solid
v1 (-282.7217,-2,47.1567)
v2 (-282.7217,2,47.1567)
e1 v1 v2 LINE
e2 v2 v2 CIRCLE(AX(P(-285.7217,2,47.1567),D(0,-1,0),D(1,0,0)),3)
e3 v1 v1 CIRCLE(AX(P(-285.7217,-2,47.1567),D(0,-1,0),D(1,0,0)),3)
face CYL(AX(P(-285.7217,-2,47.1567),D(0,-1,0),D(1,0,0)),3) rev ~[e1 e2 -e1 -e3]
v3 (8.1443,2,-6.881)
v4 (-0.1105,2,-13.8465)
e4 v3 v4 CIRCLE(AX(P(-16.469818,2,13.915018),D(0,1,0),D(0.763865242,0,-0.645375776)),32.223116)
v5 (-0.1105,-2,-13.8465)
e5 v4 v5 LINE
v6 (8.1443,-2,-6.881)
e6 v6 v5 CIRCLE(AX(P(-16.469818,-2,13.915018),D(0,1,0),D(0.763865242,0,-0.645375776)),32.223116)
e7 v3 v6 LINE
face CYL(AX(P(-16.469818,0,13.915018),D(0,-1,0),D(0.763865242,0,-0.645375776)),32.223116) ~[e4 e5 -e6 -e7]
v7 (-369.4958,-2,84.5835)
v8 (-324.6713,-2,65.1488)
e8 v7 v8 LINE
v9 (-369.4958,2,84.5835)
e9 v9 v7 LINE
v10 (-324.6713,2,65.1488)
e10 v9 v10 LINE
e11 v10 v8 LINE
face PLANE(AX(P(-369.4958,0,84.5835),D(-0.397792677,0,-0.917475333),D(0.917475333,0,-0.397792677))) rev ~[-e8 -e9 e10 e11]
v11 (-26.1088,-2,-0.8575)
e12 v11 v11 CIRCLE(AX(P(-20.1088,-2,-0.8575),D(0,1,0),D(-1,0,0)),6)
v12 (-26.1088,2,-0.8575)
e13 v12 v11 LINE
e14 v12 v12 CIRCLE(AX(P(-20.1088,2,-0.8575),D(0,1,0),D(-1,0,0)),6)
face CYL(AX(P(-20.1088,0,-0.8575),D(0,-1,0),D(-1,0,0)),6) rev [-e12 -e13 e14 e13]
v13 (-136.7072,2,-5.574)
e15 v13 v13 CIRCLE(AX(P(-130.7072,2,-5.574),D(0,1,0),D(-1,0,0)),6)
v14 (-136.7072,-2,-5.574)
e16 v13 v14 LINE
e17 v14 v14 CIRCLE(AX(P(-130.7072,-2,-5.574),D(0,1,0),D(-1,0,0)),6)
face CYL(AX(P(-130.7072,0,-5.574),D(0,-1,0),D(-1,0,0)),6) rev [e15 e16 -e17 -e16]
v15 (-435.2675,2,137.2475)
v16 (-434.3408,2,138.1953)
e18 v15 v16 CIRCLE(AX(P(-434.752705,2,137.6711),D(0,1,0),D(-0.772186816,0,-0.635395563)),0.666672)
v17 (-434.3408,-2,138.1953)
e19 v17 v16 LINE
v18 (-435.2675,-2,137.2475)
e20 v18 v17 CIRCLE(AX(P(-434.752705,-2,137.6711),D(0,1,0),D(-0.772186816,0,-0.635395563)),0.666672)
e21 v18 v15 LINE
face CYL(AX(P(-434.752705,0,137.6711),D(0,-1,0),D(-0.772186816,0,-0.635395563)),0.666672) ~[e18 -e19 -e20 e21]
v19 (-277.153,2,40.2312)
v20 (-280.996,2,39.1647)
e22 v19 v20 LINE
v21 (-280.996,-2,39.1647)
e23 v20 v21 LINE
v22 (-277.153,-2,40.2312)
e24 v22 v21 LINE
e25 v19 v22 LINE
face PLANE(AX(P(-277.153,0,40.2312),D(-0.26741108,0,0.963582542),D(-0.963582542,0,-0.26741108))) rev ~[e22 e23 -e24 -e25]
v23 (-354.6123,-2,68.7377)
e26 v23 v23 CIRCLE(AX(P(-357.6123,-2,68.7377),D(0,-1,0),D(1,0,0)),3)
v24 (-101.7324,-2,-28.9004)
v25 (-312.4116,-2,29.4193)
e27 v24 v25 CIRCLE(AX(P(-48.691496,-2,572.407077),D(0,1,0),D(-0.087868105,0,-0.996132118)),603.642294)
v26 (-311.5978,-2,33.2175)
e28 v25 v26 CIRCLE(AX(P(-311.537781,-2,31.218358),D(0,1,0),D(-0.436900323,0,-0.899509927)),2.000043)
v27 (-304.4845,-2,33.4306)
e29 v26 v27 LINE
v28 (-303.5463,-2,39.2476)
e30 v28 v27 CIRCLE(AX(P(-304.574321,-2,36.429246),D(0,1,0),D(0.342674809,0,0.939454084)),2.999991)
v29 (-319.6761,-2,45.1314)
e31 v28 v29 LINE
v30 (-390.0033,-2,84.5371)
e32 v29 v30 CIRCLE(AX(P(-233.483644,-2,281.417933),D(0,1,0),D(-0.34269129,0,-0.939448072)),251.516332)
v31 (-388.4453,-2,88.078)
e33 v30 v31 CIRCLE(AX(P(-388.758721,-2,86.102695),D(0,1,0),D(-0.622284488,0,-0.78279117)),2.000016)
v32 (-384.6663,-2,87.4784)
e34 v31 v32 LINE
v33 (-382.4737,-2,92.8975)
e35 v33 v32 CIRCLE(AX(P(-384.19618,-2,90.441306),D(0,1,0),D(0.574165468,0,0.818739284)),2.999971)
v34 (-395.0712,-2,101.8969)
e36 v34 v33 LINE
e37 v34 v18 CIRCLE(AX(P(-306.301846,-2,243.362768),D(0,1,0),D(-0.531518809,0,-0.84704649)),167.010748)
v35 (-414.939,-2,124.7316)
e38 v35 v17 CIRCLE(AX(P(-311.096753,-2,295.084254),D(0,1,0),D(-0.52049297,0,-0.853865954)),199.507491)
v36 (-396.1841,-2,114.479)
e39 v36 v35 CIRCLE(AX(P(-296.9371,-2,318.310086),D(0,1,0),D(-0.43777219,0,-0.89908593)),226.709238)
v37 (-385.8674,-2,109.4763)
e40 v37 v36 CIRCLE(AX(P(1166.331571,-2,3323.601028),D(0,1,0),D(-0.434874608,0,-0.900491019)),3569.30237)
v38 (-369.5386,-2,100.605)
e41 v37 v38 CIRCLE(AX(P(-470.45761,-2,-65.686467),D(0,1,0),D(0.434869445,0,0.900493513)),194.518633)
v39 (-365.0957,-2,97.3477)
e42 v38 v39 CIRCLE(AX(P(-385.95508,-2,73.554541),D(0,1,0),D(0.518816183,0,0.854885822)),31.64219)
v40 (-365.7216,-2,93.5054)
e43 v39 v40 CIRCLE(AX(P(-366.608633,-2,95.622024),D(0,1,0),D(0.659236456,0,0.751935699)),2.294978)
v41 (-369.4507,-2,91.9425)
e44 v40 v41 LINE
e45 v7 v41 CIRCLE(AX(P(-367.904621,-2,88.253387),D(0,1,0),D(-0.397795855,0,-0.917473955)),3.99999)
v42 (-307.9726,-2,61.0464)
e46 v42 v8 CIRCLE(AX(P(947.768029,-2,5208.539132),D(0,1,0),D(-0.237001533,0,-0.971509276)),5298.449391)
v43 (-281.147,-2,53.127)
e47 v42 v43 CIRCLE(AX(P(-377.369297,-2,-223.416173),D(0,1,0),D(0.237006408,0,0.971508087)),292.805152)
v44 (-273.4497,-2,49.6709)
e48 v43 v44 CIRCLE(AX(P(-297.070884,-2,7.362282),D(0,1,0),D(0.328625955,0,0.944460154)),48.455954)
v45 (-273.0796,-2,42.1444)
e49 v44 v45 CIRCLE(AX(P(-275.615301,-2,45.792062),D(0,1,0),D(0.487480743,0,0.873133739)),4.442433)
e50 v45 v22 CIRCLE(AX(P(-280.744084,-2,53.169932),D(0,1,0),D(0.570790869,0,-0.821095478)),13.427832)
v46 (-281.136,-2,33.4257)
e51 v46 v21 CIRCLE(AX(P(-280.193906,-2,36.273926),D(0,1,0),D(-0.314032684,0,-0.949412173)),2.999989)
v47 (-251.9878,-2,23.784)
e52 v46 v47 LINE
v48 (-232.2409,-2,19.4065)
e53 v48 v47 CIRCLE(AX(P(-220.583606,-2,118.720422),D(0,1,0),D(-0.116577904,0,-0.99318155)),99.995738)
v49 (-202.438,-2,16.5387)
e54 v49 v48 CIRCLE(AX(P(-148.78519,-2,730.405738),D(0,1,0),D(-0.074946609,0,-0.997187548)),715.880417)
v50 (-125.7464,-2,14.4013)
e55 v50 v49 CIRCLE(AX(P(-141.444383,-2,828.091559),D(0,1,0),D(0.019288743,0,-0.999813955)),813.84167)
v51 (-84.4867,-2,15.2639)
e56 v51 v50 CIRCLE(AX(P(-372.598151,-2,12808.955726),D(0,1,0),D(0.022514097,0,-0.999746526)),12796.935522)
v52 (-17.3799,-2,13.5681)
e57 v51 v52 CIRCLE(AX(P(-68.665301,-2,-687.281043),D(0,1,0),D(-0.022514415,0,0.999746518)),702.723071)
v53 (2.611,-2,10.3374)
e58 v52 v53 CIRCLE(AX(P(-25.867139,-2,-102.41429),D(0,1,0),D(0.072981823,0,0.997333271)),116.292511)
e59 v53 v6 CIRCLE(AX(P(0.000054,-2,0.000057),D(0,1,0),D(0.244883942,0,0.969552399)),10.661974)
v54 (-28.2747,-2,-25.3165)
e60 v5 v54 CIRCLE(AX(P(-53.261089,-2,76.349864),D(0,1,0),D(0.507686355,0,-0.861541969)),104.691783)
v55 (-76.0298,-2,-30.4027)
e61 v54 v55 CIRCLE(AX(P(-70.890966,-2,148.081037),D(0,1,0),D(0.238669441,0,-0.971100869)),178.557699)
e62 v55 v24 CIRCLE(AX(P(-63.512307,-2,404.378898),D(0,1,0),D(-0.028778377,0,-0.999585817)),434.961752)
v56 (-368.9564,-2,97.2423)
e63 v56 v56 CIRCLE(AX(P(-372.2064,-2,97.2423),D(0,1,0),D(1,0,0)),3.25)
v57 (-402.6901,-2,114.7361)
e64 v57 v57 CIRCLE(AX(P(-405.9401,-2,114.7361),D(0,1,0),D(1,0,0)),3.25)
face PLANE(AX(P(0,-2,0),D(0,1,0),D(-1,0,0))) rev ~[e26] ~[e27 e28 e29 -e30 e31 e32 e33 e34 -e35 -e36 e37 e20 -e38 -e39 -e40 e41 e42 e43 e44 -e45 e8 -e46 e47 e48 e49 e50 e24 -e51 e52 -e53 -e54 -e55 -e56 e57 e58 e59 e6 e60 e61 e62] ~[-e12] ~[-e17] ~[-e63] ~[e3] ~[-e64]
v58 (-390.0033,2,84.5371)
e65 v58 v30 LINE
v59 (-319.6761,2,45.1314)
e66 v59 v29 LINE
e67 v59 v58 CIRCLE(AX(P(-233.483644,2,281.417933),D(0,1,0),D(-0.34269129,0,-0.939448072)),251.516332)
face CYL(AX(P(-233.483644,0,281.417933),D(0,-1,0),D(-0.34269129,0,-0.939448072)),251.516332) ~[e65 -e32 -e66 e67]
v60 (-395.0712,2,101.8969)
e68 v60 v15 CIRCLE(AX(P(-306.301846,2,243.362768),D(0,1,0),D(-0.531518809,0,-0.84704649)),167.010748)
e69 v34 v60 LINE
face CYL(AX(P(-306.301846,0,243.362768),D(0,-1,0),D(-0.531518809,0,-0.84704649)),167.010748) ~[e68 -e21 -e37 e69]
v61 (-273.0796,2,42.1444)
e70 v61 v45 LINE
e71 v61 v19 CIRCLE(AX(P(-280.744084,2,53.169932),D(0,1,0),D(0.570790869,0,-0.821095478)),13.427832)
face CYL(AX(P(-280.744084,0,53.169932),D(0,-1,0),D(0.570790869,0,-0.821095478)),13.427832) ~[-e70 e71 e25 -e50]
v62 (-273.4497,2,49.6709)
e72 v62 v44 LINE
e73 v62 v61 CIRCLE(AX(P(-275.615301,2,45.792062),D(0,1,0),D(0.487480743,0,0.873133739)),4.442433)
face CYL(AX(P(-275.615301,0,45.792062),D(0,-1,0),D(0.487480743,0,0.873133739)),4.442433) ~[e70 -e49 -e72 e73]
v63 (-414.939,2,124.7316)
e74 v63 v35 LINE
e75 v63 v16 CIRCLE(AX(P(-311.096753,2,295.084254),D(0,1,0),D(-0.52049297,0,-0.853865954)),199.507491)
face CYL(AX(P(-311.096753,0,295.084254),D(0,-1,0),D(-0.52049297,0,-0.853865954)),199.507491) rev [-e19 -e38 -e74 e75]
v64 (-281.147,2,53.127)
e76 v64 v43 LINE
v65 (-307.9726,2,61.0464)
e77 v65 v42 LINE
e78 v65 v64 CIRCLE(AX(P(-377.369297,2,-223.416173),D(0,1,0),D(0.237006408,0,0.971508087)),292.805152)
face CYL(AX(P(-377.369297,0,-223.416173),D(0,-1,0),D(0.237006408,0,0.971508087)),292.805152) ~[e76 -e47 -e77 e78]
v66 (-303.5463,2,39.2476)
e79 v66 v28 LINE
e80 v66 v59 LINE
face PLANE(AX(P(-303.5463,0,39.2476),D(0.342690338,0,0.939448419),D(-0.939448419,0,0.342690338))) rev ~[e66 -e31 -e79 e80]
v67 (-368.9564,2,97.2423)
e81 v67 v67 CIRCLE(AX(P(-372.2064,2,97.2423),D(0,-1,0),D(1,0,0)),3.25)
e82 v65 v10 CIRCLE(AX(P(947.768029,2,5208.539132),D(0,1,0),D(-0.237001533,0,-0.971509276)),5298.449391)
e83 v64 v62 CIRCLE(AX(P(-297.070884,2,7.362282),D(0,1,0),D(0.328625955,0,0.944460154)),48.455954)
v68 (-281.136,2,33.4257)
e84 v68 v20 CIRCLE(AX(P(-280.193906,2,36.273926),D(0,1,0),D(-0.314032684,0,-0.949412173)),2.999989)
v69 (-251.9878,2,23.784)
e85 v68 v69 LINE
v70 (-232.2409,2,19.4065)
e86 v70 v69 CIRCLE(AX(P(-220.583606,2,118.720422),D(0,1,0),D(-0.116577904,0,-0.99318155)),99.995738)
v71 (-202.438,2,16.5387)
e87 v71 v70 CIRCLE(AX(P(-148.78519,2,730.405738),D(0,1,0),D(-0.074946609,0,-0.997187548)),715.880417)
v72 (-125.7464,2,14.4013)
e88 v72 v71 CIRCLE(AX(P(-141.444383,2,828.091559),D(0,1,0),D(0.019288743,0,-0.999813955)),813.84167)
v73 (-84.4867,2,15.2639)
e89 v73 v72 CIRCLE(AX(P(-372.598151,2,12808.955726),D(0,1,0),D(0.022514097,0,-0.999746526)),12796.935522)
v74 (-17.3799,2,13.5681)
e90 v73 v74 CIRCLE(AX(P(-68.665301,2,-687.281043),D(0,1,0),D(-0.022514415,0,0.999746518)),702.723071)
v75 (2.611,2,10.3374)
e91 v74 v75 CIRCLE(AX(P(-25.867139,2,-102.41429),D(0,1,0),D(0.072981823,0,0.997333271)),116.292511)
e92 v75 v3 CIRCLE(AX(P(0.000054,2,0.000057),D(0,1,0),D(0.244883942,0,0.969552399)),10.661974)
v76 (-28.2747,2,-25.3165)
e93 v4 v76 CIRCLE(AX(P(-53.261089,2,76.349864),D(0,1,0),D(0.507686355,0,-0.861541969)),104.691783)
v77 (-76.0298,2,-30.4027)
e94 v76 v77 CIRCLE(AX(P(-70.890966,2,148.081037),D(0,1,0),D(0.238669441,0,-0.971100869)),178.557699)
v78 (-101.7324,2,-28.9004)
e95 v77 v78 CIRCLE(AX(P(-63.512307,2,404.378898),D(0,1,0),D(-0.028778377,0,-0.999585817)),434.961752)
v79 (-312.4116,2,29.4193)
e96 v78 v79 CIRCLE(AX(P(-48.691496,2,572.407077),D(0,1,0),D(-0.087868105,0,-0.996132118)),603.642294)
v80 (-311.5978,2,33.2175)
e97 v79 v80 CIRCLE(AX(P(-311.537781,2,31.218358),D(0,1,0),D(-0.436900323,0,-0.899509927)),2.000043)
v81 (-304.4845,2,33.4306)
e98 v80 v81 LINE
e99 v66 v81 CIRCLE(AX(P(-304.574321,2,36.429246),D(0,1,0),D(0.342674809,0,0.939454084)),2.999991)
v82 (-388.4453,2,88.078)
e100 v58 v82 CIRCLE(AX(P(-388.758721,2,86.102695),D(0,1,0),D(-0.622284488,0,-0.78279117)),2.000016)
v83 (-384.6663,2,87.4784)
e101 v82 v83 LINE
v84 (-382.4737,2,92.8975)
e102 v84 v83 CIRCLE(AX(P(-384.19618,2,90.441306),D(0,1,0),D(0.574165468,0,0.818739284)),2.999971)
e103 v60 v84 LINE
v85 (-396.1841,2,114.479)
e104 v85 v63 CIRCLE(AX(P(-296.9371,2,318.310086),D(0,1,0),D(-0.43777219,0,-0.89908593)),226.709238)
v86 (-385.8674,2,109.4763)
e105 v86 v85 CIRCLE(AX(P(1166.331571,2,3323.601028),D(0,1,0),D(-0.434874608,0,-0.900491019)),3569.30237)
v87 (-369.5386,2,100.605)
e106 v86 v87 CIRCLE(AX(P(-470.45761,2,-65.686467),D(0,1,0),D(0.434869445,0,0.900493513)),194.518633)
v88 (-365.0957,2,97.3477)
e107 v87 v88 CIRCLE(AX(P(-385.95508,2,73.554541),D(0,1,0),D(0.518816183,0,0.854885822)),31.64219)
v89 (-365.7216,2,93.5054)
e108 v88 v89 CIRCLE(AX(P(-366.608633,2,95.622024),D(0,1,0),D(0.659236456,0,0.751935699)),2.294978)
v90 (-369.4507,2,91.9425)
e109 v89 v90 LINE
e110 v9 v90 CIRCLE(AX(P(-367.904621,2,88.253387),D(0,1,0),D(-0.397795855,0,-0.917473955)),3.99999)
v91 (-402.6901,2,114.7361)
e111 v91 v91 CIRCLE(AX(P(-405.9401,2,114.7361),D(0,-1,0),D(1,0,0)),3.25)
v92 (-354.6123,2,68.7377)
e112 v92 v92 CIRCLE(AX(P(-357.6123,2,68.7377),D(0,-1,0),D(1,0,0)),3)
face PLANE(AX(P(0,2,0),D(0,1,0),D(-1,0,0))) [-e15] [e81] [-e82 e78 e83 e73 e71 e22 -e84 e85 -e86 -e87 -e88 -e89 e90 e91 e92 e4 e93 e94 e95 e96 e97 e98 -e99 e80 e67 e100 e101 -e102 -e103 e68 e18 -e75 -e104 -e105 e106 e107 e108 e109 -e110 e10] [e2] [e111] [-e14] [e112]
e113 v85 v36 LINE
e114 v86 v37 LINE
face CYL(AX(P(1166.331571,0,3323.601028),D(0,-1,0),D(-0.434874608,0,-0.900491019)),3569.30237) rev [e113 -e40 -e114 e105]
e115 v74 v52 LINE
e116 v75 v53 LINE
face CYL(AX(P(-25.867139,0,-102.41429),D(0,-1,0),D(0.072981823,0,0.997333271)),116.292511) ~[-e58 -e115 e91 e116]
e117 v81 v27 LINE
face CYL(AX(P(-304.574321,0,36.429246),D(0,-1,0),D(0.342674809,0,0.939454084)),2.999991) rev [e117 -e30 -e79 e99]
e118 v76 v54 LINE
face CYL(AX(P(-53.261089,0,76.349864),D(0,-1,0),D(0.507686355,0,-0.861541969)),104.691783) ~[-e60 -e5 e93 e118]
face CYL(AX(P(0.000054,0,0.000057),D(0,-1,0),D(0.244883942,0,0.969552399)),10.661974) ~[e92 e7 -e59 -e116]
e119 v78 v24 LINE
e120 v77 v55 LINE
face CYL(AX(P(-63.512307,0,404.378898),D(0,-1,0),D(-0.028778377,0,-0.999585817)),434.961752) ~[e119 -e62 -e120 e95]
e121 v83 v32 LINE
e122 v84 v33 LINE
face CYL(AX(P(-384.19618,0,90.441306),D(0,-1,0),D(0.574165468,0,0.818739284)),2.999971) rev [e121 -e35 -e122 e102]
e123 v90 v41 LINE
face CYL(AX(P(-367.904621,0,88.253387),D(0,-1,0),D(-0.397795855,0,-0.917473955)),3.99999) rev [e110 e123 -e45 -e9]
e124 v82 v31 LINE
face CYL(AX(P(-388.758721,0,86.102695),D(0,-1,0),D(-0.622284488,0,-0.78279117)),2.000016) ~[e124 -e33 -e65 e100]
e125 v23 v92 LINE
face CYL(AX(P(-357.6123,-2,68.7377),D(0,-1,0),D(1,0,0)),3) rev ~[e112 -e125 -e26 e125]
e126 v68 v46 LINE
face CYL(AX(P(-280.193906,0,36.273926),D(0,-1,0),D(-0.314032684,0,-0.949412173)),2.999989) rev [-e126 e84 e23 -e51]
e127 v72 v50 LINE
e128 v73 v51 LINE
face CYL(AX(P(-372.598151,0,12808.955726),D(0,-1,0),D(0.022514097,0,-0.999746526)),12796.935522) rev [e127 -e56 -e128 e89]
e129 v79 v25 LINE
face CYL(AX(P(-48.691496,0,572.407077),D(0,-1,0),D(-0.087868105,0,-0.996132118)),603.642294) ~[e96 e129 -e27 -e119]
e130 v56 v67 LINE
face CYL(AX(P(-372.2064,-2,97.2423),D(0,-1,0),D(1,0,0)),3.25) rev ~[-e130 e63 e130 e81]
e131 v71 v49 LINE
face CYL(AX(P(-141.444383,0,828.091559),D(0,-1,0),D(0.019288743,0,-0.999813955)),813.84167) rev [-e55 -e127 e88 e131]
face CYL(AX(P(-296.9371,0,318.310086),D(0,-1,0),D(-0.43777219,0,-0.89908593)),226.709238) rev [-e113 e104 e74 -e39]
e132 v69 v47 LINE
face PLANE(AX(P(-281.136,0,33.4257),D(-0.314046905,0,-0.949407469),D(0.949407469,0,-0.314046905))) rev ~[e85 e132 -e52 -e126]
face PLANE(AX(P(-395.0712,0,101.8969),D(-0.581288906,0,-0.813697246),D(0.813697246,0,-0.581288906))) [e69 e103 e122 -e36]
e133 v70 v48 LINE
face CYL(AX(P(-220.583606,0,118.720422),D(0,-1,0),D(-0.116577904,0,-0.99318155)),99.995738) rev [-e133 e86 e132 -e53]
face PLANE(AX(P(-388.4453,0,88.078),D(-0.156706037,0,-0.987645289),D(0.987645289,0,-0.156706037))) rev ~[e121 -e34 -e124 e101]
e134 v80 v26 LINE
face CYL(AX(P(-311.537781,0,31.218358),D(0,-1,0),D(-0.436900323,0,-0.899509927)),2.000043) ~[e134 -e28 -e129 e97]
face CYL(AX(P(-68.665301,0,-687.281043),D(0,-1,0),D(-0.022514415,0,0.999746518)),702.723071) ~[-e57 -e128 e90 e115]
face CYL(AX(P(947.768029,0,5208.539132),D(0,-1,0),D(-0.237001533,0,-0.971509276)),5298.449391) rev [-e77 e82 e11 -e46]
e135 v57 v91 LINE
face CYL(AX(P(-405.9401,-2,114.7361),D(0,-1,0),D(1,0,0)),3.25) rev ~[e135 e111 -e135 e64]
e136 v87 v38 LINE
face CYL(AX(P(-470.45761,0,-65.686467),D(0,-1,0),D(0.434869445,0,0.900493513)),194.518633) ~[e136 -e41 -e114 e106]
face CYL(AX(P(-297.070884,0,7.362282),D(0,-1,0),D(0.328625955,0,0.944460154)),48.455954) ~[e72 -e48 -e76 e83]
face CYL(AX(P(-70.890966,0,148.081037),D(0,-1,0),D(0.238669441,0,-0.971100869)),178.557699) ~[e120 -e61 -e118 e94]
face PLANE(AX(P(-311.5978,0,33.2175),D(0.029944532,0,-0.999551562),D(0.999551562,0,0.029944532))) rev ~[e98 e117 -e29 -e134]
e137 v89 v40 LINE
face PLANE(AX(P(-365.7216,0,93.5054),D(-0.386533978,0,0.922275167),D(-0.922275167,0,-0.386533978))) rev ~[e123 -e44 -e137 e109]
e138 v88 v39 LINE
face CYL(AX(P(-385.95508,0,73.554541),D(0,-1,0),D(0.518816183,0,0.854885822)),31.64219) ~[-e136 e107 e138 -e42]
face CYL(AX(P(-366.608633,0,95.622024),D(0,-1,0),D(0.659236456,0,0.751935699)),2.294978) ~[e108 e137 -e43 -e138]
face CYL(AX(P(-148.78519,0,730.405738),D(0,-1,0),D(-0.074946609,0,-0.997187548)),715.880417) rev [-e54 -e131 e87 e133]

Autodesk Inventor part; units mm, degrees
ref_plane "YZ Plane" through (0, 0, 0) normal (1, 0, 0) x (0, 1, 0)
ref_plane "XZ Plane" through (0, 0, 0) normal (0, 1, 0) x (-1, 0, 0)
ref_plane "XY Plane" through (0, 0, 0) normal (0, 0, 1) x (1, 0, 0)
sketch "スケッチ1" plane through (0, 0, 0) normal (0, 1, 0) x (-1, 0, 0)
  arc A0 (395.0712, 101.8969) -> (435.2675, 137.2475) centre (306.3013, 243.3635) ccw
  arc A1 (365.0957, 97.3477) -> (365.7216, 93.5054) centre (366.6087, 95.622) ccw
  arc A2 (369.5386, 100.605) -> (365.0957, 97.3477) centre (385.9519, 73.5593) ccw
  arc A3 (385.8674, 109.4763) -> (369.5386, 100.605) centre (470.4646, -65.7001) ccw
  arc A4 (385.8674, 109.4763) -> (396.1841, 114.479) centre (-1159.575, 3309.6389) ccw
  arc A5 (396.1841, 114.479) -> (414.939, 124.7316) centre (296.9263, 318.331) ccw
  arc A6 (414.939, 124.7316) -> (434.3408, 138.1953) centre (311.0977, 295.0828) ccw
  arc A7 (435.2675, 137.2475) -> (434.3408, 138.1953) centre (434.7527, 137.6711) ccw
  arc A8 (319.6761, 45.1314) -> (390.0033, 84.5371) centre (233.4832, 281.4189) ccw
  arc A9 (273.0796, 42.1444) -> (277.153, 40.2312) centre (280.7432, 53.1684) ccw
  arc A10 (273.4497, 49.6709) -> (273.0796, 42.1444) centre (275.6154, 45.792) ccw
  arc A11 (281.147, 53.127) -> (273.4497, 49.6709) centre (297.0704, 7.3635) ccw
  arc A12 (307.9726, 61.0464) -> (281.147, 53.127) centre (377.3682, -223.4121) ccw
  arc A13 (307.9726, 61.0464) -> (324.6713, 65.1488) centre (-955.196, 5238.8807) ccw
  circle A14 centre (20.1088, -0.8575) radius 6
  circle A15 centre (130.7072, -5.574) radius 6
  arc A16 (390.0033, 84.5371) -> (388.4453, 88.078) centre (388.7587, 86.1027) ccw
  line L0 (388.4453, 88.078) -> (384.6663, 87.4784)
  arc A17 (382.4737, 92.8975) -> (384.6663, 87.4784) centre (384.1962, 90.4413) ccw
  arc A18 (281.147, 53.127) -> (273.4497, 49.6709) centre (297.0704, 7.3635) ccw
  line L1 (277.153, 40.2312) -> (280.996, 39.1647)
  arc A19 (281.136, 33.4257) -> (280.996, 39.1647) centre (280.1938, 36.274) ccw
  line L2 (281.136, 33.4257) -> (251.9878, 23.784)
  arc A20 (232.2409, 19.4065) -> (251.9878, 23.784) centre (220.5829, 118.7246) ccw
  arc A21 (202.438, 16.5387) -> (232.2409, 19.4065) centre (148.7903, 730.3461) ccw
  arc A22 (125.7464, 14.4013) -> (202.438, 16.5387) centre (141.4444, 828.0876) ccw
  arc A23 (84.4867, 15.2639) -> (125.7464, 14.4013) centre (372.4747, 12803.2702) ccw
  arc A24 (84.4867, 15.2639) -> (17.3799, 13.5681) centre (68.6653, -687.2803) ccw
  arc A25 (17.3799, 13.5681) -> (-2.611, 10.3374) centre (25.867, -102.4131) ccw
  arc A26 (-2.611, 10.3374) -> (-8.1443, -6.881) centre (0, 0) ccw
  arc A27 (-8.1443, -6.881) -> (0.1105, -13.8465) centre (16.4695, 13.9147) ccw
  arc A28 (0.1105, -13.8465) -> (28.2747, -25.3165) centre (53.2618, 76.3513) ccw
  arc A29 (28.2747, -25.3165) -> (76.0298, -30.4027) centre (70.8911, 148.0818) ccw
  arc A30 (76.0298, -30.4027) -> (101.7324, -28.9004) centre (63.5115, 404.3974) ccw
  arc A31 (101.7324, -28.9004) -> (312.4116, 29.4193) centre (48.6916, 572.4065) ccw
  arc A32 (312.4116, 29.4193) -> (311.5978, 33.2175) centre (311.5379, 31.2183) ccw
  line L3 (311.5978, 33.2175) -> (304.4845, 33.4306)
  arc A33 (303.5463, 39.2476) -> (304.4845, 33.4306) centre (304.5744, 36.4292) ccw
  line L4 (303.5463, 39.2476) -> (319.6761, 45.1314)
  line L5 (365.7216, 93.5054) -> (369.4507, 91.9425)
  arc A34 (369.4958, 84.5835) -> (369.4507, 91.9425) centre (367.9046, 88.2534) ccw
  line L6 (369.4958, 84.5835) -> (324.6713, 65.1488)
  line L7 (395.0712, 101.8969) -> (382.4737, 92.8975)
  point P0 (0, 0)
  dimension "d1" = 4
extrude "押し出し2" add sketch "スケッチ1" along normal mid plane 4
sketch "スケッチ2" plane through (0, -2, 0) normal (0, -1, 0) x (1, 0, 0)
  circle A0 centre (-372.2064, 97.2423) radius 3.25
  circle A1 centre (-405.9401, 114.7361) radius 3.25
  line L0 (-405.9401, 114.7361) -> (-372.2064, 97.2423)
  point P0 (0, 0)
  dimension "d6" = 6.5
  dimension "d7" = 6.5
  dimension "d8" = 38
extrude "押し出し3" cut sketch "スケッチ2" against normal blind 10
sketch "スケッチ3" plane through (0, -2, 0) normal (0, -1, 0) x (1, 0, 0)
  circle A0 centre (-357.6123, 68.7377) radius 3 projected
  circle A1 centre (-285.7217, 47.1567) radius 3 projected
  point P0 (0, 0)
extrude "押し出し4" cut sketch "スケッチ3" against normal through all
properties part number "newbracket2"
